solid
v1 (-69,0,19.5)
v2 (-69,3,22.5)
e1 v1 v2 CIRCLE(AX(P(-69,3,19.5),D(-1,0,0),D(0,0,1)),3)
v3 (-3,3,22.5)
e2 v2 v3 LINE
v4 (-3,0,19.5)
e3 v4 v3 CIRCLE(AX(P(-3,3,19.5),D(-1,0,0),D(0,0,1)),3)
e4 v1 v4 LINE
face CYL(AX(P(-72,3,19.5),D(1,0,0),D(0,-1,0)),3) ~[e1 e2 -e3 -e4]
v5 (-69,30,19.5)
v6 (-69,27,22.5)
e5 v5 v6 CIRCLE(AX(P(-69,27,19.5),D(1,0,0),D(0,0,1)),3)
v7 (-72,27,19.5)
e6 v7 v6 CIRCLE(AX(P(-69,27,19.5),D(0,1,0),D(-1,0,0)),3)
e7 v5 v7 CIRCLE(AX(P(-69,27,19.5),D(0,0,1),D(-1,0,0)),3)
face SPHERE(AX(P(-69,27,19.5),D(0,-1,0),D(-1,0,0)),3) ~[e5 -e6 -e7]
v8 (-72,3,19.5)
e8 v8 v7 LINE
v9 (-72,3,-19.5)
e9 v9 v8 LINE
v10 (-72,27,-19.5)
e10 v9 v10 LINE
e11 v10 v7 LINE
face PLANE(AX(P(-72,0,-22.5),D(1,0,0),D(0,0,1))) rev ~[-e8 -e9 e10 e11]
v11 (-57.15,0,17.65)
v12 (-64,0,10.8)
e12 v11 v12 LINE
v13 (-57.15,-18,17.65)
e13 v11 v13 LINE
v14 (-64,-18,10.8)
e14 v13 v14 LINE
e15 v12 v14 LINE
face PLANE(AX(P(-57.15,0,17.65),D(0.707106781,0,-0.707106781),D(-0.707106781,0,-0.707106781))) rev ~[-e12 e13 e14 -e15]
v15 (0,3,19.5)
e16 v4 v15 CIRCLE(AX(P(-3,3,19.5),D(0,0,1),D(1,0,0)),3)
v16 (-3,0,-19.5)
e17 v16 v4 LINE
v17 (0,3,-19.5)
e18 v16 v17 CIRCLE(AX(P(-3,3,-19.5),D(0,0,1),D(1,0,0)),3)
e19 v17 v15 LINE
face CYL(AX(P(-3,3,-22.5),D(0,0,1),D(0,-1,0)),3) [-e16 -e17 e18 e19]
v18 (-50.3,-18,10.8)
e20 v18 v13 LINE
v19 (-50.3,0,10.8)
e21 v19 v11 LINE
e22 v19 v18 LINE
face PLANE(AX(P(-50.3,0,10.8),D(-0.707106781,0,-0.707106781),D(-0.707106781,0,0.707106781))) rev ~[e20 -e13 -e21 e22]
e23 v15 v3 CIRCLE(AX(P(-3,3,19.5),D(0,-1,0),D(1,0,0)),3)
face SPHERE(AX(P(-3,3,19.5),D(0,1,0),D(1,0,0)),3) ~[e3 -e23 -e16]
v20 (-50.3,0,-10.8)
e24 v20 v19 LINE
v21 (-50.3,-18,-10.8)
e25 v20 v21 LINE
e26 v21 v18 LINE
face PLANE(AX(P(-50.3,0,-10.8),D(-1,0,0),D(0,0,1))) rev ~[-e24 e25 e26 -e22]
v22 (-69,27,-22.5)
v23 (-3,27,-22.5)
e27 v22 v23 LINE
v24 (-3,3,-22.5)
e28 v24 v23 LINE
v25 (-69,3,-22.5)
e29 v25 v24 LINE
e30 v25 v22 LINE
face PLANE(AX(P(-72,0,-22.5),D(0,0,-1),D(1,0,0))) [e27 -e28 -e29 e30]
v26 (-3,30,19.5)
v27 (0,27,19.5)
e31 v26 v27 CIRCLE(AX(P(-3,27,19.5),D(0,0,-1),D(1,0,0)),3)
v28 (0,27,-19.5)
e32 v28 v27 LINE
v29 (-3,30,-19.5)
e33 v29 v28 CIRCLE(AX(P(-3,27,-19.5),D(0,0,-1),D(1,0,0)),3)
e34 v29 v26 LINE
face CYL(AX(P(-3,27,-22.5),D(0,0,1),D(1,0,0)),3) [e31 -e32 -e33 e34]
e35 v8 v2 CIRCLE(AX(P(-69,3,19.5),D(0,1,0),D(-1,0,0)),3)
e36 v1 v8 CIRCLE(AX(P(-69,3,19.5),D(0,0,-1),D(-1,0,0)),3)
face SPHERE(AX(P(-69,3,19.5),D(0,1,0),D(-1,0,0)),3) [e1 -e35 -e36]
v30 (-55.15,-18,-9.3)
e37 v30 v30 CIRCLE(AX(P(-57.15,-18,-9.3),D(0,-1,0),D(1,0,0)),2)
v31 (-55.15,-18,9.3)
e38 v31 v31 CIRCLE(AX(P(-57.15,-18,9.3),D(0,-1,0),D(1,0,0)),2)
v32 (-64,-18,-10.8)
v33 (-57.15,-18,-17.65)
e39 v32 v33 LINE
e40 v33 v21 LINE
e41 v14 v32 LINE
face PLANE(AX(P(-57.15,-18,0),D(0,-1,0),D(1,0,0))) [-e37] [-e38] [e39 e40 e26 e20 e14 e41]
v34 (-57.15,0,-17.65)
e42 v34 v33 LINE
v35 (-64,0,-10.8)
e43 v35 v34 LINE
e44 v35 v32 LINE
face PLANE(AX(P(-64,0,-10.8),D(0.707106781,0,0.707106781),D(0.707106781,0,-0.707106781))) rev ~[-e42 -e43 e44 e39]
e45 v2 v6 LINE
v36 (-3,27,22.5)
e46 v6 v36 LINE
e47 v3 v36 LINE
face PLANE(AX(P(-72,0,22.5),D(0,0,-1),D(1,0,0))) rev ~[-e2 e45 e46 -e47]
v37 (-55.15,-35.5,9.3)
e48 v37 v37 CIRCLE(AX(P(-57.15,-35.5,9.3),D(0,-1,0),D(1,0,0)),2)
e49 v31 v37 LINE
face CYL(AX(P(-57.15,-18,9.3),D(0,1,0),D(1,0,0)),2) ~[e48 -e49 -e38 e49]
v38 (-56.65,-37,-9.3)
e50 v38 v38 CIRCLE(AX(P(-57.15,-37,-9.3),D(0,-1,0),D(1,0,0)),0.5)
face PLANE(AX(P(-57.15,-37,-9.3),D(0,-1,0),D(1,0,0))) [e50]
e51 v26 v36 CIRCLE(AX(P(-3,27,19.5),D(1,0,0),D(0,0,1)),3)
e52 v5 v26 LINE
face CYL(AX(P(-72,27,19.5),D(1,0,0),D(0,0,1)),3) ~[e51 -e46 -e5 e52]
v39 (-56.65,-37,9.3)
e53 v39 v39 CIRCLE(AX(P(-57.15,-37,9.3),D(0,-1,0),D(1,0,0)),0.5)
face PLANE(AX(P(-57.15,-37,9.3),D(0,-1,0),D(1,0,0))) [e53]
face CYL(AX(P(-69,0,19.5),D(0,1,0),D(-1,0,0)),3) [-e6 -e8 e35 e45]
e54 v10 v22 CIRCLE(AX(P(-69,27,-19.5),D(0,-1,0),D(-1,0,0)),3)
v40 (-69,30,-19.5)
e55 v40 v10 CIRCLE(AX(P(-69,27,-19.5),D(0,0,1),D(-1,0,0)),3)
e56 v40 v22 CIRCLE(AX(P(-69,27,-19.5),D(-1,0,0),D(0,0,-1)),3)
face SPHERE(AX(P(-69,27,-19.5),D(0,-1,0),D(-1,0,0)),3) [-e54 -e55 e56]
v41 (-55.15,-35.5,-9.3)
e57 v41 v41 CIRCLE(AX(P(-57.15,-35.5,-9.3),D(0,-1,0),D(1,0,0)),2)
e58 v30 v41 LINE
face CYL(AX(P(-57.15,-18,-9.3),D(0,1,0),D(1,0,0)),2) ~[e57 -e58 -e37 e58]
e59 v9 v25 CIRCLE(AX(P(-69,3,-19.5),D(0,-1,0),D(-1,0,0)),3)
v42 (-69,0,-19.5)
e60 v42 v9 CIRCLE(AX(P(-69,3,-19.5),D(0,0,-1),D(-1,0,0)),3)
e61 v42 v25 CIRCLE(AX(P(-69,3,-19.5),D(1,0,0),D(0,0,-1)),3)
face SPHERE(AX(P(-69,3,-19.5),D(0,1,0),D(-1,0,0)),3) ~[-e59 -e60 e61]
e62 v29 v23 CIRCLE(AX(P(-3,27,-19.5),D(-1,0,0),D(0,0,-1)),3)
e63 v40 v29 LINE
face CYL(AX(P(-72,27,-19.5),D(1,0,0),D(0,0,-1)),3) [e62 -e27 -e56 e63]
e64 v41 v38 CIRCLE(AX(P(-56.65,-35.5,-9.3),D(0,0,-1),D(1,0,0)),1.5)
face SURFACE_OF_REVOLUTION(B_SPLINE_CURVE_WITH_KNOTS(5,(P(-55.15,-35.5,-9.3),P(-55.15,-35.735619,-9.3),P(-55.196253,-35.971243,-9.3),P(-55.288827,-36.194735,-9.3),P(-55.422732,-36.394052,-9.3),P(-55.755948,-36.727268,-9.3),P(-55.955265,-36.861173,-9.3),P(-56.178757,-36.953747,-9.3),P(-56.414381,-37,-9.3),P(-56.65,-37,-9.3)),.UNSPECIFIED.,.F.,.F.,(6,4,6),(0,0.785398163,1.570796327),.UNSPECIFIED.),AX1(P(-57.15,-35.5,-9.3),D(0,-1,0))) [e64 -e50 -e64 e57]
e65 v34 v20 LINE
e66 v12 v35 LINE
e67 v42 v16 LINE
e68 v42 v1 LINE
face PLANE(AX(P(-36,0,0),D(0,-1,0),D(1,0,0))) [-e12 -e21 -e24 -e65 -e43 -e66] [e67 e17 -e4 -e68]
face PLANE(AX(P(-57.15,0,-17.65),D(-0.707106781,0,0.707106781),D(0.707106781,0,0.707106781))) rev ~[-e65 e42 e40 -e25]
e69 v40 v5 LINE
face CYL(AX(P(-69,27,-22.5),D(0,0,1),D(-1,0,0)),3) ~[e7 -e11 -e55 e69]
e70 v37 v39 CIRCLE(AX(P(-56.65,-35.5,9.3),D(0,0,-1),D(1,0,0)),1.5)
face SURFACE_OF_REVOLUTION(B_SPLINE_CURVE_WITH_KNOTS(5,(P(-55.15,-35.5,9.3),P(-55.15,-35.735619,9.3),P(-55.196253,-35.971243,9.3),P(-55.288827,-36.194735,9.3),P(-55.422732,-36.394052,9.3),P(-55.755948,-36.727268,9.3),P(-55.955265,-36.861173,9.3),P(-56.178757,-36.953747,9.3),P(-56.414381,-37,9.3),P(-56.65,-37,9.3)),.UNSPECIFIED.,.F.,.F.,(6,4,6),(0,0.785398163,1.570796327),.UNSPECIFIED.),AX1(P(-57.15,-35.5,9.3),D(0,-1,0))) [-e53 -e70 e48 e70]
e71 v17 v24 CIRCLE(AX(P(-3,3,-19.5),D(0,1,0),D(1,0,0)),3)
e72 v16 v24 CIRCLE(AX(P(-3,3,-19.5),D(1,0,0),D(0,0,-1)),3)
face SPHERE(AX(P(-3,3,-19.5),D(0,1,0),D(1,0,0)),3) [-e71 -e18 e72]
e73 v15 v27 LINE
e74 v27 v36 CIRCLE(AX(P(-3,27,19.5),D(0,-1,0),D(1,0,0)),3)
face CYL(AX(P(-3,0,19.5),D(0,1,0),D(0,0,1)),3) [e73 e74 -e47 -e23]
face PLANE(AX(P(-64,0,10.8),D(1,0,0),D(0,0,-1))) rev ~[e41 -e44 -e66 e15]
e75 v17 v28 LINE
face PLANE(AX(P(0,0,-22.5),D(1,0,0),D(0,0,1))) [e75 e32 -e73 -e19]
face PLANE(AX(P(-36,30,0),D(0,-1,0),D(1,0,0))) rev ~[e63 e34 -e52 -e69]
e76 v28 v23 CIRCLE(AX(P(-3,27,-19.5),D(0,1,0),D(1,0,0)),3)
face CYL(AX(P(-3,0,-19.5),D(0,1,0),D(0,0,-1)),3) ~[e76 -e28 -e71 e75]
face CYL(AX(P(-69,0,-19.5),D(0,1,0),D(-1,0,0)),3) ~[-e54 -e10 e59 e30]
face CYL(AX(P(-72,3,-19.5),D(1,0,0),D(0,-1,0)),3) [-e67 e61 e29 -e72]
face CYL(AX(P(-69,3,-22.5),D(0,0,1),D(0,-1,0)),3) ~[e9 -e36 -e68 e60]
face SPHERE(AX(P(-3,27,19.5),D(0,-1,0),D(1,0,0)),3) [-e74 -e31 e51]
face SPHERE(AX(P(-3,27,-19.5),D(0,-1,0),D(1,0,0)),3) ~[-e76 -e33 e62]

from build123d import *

# Parameters (mm, degrees)
F0_W     = 72
F0_H     = 45
F1_DEPTH = 30
F3_DEPTH = 18
F4_R     = 2
F5_DEPTH = 19
F6_R     = 1.5
F7_R     = 3


with BuildPart() as f1:
    # F0 (on Front) → F1 (new body)
    with BuildSketch(Plane.XZ):
        with Locations((-36, 0)):
            Rectangle(F0_W, F0_H)
    extrude(amount=-F1_DEPTH)

    # F2 (on face) → F3 (join)
    with BuildSketch(Plane.XZ):
        Polygon((-64, 10.8), (-64, -10.8), (-57.15, -17.65), (-50.3, -10.8), (-50.3, 10.8), (-57.15, 17.65), align=None)
    extrude(amount=F3_DEPTH)

    # F4 (on face) → F5 (join)
    with BuildSketch(Plane.XZ.offset(18)):
        with Locations((-57.15, 9.3)):
            Circle(F4_R)
        with Locations((-57.15, -9.3)):
            Circle(F4_R)
    extrude(amount=F5_DEPTH)

    # F6
    f6_edges = [f1.edges().sort_by_distance(p)[0] for p in [
        (-59.15, -37, 9.3),
        (-59.15, -37, -9.3),
    ]]
    fillet(f6_edges, radius=F6_R)

    # F7
    f7_edges = [f1.edges().sort_by_distance(p)[0] for p in [
        (-72, 15, 22.5),
        (-72, 15, -22.5),
        (-72, 0, 0),
        (-72, 30, 0),
        (0, 15, -22.5),
        (0, 15, 22.5),
        (0, 0, 0),
        (0, 30, 0),
        (-36, 0, 22.5),
        (-36, 30, 22.5),
        (-36, 0, -22.5),
        (-36, 30, -22.5),
    ]]
    fillet(f7_edges, radius=F7_R)


solid = f1.part
